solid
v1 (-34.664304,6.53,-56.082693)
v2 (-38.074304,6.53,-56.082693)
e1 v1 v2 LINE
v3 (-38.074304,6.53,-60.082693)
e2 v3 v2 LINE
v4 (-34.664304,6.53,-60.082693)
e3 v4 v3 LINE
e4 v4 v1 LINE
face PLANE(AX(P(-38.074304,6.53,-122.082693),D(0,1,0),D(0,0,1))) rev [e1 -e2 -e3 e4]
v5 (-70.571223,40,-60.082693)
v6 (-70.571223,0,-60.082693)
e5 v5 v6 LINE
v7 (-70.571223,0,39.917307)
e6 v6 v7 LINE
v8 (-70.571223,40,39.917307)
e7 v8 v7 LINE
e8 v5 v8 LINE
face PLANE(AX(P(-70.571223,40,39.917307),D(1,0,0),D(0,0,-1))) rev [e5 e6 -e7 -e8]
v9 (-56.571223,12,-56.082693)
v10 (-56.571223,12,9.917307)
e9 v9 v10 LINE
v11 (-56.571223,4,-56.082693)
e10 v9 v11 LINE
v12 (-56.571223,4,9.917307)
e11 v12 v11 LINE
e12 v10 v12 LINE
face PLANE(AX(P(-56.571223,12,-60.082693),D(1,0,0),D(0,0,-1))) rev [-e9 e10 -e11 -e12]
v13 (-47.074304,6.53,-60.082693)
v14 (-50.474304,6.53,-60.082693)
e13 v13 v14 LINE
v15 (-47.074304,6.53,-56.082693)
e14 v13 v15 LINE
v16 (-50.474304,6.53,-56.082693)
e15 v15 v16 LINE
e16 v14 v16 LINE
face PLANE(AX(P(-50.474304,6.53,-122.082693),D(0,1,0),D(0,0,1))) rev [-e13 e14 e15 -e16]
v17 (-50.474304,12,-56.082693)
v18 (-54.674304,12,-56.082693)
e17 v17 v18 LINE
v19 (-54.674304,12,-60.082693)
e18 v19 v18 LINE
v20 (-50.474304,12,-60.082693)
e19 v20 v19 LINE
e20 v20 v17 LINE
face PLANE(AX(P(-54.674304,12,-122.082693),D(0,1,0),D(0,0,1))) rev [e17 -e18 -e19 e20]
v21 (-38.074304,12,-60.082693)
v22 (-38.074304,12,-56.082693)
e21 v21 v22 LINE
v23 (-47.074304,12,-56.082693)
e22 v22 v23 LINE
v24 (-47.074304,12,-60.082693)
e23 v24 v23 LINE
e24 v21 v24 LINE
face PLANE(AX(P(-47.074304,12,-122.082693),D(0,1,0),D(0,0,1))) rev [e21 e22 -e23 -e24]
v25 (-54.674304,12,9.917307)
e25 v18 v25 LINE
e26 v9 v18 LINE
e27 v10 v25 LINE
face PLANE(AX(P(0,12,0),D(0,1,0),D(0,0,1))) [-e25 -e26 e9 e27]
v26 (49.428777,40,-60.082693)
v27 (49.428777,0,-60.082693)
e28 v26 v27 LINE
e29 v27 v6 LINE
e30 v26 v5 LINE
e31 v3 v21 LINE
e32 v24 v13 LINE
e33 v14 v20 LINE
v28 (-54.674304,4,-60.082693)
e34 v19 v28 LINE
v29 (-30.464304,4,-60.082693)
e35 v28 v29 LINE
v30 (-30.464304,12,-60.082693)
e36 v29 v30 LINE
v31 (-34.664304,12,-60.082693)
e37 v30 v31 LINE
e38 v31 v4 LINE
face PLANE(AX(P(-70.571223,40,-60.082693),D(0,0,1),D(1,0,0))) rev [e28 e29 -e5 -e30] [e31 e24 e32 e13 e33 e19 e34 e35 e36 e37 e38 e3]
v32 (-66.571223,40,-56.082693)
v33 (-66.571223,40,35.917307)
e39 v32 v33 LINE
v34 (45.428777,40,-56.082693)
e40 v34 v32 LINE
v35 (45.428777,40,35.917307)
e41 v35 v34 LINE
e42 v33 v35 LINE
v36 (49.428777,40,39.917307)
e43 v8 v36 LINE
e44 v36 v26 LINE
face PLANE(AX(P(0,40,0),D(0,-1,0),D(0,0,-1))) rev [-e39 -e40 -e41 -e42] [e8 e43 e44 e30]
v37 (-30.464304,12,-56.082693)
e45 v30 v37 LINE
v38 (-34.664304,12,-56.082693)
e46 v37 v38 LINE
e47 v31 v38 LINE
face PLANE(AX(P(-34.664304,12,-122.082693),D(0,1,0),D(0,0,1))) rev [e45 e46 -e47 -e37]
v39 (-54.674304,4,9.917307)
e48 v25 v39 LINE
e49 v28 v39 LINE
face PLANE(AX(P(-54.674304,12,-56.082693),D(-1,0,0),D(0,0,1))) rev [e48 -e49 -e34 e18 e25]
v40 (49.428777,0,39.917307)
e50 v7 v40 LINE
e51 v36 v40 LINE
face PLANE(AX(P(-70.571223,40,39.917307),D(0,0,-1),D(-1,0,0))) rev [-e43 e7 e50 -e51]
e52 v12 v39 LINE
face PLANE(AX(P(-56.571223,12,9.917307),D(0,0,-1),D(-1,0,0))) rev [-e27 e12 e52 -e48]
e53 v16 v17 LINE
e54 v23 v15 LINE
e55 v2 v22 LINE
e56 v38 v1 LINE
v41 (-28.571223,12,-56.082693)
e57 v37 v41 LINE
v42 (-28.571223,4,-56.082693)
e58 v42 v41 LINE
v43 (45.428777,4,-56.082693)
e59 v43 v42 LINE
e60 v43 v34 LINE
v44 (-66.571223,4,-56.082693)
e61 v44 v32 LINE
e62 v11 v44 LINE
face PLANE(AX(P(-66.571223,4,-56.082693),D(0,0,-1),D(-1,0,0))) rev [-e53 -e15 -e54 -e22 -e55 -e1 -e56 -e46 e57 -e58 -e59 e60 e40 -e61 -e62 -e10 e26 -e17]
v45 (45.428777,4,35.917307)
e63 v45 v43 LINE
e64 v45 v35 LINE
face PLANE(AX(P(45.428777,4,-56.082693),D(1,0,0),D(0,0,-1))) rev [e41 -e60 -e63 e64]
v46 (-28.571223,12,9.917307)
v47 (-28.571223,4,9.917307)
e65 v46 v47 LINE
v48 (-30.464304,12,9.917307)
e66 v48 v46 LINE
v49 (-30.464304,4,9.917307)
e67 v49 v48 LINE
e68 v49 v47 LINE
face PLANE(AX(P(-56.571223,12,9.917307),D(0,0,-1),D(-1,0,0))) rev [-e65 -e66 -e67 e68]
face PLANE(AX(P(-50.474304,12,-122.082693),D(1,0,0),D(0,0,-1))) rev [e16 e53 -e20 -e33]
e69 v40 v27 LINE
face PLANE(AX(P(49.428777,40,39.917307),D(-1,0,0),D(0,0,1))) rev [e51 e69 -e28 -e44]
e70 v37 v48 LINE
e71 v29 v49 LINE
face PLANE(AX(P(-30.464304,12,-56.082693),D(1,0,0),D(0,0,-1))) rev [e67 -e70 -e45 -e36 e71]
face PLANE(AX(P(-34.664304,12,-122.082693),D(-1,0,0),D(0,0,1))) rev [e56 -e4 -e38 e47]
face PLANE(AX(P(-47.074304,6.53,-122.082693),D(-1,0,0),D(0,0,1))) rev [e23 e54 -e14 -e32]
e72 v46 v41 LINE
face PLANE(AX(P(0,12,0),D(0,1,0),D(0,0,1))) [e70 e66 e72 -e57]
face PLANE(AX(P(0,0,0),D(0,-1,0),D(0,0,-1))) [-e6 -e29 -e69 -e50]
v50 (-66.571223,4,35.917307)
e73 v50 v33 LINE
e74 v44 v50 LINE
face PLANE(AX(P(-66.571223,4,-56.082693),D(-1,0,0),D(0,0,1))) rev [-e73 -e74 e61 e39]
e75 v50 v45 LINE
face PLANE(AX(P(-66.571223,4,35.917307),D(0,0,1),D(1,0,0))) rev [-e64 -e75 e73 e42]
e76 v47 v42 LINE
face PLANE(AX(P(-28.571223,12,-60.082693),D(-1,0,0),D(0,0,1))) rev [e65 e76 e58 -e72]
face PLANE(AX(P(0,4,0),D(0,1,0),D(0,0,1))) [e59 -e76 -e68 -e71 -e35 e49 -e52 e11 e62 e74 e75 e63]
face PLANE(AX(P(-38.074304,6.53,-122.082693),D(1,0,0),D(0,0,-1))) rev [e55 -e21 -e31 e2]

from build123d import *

# Parameters (mm, degrees)
SKETCH1_W           = 120
SKETCH1_H           = 100
BOSS_EXTRUDE1_DEPTH = 40
SKETCH2_W           = 112
SKETCH2_H           = 92
CUT_EXTRUDE1_DEPTH  = 36
SKETCH3_W           = 28
SKETCH3_H           = 70
BOSS_EXTRUDE3_DEPTH = 8
SKETCH6_W           = 24.21
SKETCH6_H           = 8
CUT_EXTRUDE4_DEPTH  = 66
CUT_EXTRUDE6_DEPTH  = 66


with BuildPart() as part:
    # Sketch1 → Boss-Extrude1 (new body)
    with BuildSketch(Plane(origin=(0, 0, 0), x_dir=(1, 0, 0), z_dir=(0, 1, 0))):
        with Locations((-10.571222942, 10.082692781)):
            Rectangle(SKETCH1_W, SKETCH1_H)
    extrude(amount=BOSS_EXTRUDE1_DEPTH)

    # Sketch2 → Cut-Extrude1 (cut)
    with BuildSketch(Plane(origin=(0, 40, 0), x_dir=(1, 0, 0), z_dir=(0, 1, 0))):
        with Locations((-10.571222942, 10.082692781)):
            Rectangle(SKETCH2_W, SKETCH2_H)
    extrude(amount=-CUT_EXTRUDE1_DEPTH, mode=Mode.SUBTRACT)

    # Sketch3 → Boss-Extrude3 (add)
    with BuildSketch(Plane(origin=(0, 4, 0), x_dir=(1, 0, 0), z_dir=(0, 1, 0))):
        with Locations((-42.571222942, 25.082692781)):
            Rectangle(SKETCH3_W, SKETCH3_H)
    extrude(amount=BOSS_EXTRUDE3_DEPTH)

    # Sketch6 → Cut-Extrude4 (cut)
    with BuildSketch(Plane.XY.offset(9.917307219)):
        with Locations((-42.569304131, 8)):
            Rectangle(SKETCH6_W, SKETCH6_H)
    extrude(amount=-CUT_EXTRUDE4_DEPTH, mode=Mode.SUBTRACT)

    # Sketch7 → Cut-Extrude6 (cut)
    with BuildSketch(Plane.XY.offset(-56.082692781)):
        Polygon((-54.674304131, 12), (-50.474304131, 12), (-50.474304131, 6.53), (-47.074304131, 6.53), (-47.074304131, 12), (-38.074304131, 12), (-38.074304131, 6.53), (-34.664304131, 6.53), (-34.664304131, 12), (-30.464304131, 12), (-30.464304131, 6.53), (-30.464304131, 4), (-54.674304131, 4), (-54.674304131, 6.53), align=None)
    extrude(amount=-CUT_EXTRUDE6_DEPTH, mode=Mode.SUBTRACT)


solid = part.part
